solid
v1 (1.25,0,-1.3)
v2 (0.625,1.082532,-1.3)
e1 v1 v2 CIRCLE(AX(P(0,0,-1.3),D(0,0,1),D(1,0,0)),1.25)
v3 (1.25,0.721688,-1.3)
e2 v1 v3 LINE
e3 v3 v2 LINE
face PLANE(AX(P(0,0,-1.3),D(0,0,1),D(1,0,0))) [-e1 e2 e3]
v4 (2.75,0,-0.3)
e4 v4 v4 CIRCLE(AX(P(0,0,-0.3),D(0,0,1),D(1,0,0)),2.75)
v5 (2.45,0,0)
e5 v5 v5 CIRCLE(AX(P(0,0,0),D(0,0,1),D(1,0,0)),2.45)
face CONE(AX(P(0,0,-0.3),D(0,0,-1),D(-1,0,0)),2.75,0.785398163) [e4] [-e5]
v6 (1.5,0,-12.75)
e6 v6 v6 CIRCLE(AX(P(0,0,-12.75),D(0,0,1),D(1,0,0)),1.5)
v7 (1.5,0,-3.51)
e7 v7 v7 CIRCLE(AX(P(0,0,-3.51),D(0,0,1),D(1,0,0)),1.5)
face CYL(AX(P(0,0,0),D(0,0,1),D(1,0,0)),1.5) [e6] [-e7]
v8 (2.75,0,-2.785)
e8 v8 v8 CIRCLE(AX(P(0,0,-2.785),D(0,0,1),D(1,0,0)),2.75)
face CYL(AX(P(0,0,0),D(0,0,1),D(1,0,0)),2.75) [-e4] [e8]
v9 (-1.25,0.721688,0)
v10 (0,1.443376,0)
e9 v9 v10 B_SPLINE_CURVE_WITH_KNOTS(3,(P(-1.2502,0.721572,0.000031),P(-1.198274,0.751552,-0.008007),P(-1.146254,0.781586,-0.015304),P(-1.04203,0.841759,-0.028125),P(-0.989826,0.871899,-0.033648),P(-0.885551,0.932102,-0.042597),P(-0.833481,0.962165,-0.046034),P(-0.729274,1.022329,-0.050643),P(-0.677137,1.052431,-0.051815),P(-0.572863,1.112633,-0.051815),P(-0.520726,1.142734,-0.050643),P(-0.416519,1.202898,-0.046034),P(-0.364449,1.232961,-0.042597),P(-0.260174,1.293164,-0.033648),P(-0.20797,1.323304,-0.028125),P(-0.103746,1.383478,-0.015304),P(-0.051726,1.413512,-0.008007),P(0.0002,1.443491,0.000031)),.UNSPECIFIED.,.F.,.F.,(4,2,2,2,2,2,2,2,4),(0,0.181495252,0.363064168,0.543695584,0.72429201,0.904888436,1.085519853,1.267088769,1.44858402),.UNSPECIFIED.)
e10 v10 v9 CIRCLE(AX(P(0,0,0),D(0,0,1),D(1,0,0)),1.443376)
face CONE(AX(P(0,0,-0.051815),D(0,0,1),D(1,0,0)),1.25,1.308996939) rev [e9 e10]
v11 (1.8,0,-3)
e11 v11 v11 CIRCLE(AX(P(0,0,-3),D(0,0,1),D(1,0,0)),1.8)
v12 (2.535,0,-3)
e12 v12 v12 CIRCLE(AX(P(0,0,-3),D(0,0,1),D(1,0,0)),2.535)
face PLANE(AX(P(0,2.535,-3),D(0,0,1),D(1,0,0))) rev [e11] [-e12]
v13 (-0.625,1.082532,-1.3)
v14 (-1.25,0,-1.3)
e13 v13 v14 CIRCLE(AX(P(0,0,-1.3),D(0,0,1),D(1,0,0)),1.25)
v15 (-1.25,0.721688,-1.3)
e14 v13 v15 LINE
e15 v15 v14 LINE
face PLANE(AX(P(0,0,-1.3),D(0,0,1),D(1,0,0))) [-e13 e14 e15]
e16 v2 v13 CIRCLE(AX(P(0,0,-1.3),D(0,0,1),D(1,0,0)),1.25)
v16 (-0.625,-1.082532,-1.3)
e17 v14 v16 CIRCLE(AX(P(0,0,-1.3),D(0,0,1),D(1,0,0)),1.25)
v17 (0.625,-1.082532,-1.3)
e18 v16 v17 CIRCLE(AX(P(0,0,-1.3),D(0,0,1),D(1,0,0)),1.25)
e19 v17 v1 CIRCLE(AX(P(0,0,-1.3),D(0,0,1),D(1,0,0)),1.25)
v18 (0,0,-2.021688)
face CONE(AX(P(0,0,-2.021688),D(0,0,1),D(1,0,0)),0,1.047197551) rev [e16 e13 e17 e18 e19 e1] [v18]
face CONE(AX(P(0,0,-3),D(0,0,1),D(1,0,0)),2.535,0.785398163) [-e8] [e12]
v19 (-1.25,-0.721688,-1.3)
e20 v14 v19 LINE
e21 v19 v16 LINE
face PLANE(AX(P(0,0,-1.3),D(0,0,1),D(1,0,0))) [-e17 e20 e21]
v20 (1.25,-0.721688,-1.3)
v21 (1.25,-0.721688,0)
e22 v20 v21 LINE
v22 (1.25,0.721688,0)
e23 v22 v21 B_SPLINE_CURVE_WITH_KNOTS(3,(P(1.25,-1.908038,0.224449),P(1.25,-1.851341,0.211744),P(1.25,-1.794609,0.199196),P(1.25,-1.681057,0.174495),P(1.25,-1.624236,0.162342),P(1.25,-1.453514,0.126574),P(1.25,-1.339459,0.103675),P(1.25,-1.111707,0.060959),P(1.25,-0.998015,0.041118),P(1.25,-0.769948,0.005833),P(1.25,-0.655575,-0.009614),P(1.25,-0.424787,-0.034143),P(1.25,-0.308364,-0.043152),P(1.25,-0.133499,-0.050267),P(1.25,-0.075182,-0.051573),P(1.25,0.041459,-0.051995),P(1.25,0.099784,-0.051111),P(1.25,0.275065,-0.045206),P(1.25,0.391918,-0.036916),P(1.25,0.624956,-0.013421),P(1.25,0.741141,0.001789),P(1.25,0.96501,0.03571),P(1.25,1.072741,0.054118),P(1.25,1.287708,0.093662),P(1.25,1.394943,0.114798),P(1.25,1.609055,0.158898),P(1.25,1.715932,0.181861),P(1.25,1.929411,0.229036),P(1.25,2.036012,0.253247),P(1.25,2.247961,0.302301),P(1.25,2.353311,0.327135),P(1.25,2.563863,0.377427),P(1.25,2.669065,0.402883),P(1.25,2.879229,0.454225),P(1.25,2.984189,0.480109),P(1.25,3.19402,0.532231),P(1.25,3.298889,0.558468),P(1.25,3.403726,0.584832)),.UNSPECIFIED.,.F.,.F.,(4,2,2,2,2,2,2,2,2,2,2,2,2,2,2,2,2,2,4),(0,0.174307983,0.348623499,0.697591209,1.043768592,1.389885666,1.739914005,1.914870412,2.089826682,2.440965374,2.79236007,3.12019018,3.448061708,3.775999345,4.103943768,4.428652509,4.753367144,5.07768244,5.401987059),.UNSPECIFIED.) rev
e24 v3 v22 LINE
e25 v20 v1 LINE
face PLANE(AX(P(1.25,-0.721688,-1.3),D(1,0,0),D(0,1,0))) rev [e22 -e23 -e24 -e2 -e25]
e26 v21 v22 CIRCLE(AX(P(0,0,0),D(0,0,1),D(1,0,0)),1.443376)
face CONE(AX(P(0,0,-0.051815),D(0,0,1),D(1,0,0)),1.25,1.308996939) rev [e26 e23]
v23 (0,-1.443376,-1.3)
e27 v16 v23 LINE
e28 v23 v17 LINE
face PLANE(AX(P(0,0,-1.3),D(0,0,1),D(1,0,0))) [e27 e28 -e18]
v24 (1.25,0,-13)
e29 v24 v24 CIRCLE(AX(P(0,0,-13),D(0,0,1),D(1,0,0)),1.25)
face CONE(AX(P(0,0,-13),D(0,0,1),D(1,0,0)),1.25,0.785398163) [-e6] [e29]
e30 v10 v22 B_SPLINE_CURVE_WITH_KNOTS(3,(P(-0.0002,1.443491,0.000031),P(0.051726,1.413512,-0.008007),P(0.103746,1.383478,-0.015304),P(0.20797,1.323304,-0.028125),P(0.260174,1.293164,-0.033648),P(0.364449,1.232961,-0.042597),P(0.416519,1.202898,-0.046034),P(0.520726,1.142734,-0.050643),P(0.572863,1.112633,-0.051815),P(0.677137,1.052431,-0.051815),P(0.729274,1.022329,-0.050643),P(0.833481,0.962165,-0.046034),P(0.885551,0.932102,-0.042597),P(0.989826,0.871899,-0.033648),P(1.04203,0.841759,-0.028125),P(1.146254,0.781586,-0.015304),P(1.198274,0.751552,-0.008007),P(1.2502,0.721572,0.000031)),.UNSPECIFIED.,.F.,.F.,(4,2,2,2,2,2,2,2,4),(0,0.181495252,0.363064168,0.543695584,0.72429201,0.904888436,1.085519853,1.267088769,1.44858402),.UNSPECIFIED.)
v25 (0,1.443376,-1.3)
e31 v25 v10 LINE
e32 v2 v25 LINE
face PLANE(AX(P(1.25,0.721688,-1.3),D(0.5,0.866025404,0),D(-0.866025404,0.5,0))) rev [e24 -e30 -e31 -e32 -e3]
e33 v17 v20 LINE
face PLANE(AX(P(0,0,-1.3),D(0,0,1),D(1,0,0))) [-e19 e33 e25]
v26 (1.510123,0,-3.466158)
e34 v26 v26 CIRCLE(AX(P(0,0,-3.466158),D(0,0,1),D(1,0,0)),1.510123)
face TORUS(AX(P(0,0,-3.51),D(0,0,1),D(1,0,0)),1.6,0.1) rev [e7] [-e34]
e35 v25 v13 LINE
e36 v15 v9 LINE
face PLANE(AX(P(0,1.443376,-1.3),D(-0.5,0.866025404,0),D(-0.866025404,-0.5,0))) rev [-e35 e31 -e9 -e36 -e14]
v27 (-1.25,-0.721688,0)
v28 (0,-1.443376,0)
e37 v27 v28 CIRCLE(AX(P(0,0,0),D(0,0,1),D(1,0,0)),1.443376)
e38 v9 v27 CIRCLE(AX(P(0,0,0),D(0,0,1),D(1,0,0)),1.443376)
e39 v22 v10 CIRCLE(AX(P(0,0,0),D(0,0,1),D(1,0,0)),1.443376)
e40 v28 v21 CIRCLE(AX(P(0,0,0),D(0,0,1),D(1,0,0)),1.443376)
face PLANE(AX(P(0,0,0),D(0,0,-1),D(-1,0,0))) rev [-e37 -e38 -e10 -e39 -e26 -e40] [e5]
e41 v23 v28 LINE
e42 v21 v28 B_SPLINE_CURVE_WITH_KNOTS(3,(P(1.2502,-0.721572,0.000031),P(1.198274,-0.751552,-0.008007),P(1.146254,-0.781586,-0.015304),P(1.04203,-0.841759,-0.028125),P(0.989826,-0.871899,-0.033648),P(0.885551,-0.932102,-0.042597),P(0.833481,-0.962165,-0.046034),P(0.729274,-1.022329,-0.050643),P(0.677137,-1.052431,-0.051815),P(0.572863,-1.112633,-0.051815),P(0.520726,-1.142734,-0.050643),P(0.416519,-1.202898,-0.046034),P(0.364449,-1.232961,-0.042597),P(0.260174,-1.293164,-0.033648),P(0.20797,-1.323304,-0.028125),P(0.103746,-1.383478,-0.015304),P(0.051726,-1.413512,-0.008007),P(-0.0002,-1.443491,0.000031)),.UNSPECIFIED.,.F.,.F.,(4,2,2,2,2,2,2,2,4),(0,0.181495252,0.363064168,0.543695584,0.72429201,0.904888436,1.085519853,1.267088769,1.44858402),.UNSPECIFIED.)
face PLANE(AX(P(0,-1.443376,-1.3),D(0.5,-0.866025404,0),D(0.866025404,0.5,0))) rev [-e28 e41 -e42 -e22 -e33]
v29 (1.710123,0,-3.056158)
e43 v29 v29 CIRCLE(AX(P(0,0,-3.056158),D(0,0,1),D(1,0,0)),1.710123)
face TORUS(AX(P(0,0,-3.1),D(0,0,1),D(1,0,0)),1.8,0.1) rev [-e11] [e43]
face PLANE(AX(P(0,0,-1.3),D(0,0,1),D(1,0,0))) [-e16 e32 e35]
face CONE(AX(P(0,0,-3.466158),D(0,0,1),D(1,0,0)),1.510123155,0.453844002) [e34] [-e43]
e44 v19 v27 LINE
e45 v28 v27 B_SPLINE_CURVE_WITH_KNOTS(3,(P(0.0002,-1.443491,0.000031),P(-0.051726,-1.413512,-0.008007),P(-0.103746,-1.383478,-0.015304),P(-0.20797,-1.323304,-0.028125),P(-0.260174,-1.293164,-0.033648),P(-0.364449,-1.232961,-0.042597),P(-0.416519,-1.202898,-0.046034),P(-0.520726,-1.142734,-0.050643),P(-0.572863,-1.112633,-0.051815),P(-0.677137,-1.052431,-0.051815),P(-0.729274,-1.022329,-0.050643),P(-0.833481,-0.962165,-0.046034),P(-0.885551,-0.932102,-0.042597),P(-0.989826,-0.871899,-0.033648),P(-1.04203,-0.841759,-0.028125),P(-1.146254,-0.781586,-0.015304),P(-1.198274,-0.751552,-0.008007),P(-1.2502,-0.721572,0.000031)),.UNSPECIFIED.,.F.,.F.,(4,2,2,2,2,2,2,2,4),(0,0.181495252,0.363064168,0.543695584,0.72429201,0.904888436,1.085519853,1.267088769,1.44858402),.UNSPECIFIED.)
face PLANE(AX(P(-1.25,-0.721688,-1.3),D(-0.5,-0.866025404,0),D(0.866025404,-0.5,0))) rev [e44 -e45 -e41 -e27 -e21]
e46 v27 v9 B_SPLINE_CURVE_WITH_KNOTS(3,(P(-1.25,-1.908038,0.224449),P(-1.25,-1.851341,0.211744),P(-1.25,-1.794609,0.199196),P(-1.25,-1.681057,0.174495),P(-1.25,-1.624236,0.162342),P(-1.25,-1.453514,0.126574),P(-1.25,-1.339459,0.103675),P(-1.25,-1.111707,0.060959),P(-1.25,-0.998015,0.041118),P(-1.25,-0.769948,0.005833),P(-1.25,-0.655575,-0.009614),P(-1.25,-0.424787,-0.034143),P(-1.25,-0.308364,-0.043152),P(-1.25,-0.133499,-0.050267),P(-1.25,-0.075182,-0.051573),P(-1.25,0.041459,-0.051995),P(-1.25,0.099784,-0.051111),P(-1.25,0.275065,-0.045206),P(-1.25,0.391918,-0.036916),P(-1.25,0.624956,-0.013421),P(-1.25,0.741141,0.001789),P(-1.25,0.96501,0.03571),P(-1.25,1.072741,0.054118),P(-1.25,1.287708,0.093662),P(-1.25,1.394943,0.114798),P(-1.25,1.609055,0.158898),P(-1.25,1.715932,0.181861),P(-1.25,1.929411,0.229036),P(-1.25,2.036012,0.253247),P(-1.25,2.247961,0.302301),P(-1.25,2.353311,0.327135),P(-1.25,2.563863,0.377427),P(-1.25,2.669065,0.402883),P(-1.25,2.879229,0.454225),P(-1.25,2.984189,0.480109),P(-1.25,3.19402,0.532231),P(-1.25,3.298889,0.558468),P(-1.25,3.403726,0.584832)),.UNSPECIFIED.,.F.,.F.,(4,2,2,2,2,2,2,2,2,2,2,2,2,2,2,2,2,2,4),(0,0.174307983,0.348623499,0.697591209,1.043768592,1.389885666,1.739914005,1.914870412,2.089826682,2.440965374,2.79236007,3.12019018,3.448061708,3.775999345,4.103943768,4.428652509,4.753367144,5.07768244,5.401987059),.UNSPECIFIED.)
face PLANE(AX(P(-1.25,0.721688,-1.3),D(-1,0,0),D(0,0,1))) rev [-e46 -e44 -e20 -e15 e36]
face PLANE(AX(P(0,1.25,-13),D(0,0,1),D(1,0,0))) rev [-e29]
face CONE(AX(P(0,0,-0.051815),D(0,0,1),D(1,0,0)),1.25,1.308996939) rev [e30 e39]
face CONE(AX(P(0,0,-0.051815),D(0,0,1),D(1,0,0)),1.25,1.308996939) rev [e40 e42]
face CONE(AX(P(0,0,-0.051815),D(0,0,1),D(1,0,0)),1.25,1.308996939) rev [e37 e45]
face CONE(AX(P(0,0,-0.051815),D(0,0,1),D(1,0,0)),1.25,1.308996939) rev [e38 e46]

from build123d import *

# Parameters (mm, degrees)
CUT_EXTRUDE1_DEPTH = 1.3


with BuildPart() as part:
    # Sketch1 → Revolve1 (revolve)
    with BuildSketch(Plane(origin=(0, 0, 0), x_dir=(0, 0, -1), z_dir=(1, 0, 0))):
        with BuildLine():
            Line((0, 0), (0, 2.45))
            Line((0, 2.45), (0.3, 2.75))
            Line((0.3, 2.75), (2.785, 2.75))
            Line((2.785, 2.75), (3, 2.535))
            Line((3, 2.535), (3, 1.8))
            ThreePointArc((3, 1.8), (3.015193643, 1.74701055), (3.056157637, 1.710123155))
            Line((3.056157637, 1.710123155), (3.466157637, 1.510123155))
            ThreePointArc((3.466157637, 1.510123155), (3.48750205, 1.50256365), (3.51, 1.5))
            Line((3.51, 1.5), (12.75, 1.5))
            Line((12.75, 1.5), (13, 1.25))
            Line((13, 1.25), (13, 0))
            Line((13, 0), (0, 0))
        make_face()
    revolve(axis=Axis((0, 0, 0), (0, 0, -1)))

    # Sketch2 → Cut-Extrude1 (cut)
    with BuildSketch(Plane.XY):
        Polygon((0, 1.443375673), (-1.25, 0.721687836), (-1.25, -0.721687836), (0, -1.443375673), (1.25, -0.721687836), (1.25, 0.721687836), align=None)
    extrude(amount=-CUT_EXTRUDE1_DEPTH, mode=Mode.SUBTRACT)

    # Sketch3 → Cut-Revolve2 (revolve, cut)
    with BuildSketch(Plane(origin=(0, 0, 0), x_dir=(0, 0, -1), z_dir=(1, 0, 0))):
        Polygon((1.3, 0), (1.3, 1.25), (2.021687836, 0), align=None)
    revolve(axis=Axis((0, 0, -1.3), (0, 0, -1)), mode=Mode.SUBTRACT)

    # Sketch4 → Cut-Revolve3 (revolve, cut)
    with BuildSketch(Plane(origin=(0, 0, 0), x_dir=(0, 0, -1), z_dir=(1, 0, 0))):
        Polygon((0, 1.443375673), (0, 1.25), (0.051814855, 1.25), align=None)
    revolve(axis=Axis((0, 0, 0), (0, 0, -1)), mode=Mode.SUBTRACT)


solid = part.part
